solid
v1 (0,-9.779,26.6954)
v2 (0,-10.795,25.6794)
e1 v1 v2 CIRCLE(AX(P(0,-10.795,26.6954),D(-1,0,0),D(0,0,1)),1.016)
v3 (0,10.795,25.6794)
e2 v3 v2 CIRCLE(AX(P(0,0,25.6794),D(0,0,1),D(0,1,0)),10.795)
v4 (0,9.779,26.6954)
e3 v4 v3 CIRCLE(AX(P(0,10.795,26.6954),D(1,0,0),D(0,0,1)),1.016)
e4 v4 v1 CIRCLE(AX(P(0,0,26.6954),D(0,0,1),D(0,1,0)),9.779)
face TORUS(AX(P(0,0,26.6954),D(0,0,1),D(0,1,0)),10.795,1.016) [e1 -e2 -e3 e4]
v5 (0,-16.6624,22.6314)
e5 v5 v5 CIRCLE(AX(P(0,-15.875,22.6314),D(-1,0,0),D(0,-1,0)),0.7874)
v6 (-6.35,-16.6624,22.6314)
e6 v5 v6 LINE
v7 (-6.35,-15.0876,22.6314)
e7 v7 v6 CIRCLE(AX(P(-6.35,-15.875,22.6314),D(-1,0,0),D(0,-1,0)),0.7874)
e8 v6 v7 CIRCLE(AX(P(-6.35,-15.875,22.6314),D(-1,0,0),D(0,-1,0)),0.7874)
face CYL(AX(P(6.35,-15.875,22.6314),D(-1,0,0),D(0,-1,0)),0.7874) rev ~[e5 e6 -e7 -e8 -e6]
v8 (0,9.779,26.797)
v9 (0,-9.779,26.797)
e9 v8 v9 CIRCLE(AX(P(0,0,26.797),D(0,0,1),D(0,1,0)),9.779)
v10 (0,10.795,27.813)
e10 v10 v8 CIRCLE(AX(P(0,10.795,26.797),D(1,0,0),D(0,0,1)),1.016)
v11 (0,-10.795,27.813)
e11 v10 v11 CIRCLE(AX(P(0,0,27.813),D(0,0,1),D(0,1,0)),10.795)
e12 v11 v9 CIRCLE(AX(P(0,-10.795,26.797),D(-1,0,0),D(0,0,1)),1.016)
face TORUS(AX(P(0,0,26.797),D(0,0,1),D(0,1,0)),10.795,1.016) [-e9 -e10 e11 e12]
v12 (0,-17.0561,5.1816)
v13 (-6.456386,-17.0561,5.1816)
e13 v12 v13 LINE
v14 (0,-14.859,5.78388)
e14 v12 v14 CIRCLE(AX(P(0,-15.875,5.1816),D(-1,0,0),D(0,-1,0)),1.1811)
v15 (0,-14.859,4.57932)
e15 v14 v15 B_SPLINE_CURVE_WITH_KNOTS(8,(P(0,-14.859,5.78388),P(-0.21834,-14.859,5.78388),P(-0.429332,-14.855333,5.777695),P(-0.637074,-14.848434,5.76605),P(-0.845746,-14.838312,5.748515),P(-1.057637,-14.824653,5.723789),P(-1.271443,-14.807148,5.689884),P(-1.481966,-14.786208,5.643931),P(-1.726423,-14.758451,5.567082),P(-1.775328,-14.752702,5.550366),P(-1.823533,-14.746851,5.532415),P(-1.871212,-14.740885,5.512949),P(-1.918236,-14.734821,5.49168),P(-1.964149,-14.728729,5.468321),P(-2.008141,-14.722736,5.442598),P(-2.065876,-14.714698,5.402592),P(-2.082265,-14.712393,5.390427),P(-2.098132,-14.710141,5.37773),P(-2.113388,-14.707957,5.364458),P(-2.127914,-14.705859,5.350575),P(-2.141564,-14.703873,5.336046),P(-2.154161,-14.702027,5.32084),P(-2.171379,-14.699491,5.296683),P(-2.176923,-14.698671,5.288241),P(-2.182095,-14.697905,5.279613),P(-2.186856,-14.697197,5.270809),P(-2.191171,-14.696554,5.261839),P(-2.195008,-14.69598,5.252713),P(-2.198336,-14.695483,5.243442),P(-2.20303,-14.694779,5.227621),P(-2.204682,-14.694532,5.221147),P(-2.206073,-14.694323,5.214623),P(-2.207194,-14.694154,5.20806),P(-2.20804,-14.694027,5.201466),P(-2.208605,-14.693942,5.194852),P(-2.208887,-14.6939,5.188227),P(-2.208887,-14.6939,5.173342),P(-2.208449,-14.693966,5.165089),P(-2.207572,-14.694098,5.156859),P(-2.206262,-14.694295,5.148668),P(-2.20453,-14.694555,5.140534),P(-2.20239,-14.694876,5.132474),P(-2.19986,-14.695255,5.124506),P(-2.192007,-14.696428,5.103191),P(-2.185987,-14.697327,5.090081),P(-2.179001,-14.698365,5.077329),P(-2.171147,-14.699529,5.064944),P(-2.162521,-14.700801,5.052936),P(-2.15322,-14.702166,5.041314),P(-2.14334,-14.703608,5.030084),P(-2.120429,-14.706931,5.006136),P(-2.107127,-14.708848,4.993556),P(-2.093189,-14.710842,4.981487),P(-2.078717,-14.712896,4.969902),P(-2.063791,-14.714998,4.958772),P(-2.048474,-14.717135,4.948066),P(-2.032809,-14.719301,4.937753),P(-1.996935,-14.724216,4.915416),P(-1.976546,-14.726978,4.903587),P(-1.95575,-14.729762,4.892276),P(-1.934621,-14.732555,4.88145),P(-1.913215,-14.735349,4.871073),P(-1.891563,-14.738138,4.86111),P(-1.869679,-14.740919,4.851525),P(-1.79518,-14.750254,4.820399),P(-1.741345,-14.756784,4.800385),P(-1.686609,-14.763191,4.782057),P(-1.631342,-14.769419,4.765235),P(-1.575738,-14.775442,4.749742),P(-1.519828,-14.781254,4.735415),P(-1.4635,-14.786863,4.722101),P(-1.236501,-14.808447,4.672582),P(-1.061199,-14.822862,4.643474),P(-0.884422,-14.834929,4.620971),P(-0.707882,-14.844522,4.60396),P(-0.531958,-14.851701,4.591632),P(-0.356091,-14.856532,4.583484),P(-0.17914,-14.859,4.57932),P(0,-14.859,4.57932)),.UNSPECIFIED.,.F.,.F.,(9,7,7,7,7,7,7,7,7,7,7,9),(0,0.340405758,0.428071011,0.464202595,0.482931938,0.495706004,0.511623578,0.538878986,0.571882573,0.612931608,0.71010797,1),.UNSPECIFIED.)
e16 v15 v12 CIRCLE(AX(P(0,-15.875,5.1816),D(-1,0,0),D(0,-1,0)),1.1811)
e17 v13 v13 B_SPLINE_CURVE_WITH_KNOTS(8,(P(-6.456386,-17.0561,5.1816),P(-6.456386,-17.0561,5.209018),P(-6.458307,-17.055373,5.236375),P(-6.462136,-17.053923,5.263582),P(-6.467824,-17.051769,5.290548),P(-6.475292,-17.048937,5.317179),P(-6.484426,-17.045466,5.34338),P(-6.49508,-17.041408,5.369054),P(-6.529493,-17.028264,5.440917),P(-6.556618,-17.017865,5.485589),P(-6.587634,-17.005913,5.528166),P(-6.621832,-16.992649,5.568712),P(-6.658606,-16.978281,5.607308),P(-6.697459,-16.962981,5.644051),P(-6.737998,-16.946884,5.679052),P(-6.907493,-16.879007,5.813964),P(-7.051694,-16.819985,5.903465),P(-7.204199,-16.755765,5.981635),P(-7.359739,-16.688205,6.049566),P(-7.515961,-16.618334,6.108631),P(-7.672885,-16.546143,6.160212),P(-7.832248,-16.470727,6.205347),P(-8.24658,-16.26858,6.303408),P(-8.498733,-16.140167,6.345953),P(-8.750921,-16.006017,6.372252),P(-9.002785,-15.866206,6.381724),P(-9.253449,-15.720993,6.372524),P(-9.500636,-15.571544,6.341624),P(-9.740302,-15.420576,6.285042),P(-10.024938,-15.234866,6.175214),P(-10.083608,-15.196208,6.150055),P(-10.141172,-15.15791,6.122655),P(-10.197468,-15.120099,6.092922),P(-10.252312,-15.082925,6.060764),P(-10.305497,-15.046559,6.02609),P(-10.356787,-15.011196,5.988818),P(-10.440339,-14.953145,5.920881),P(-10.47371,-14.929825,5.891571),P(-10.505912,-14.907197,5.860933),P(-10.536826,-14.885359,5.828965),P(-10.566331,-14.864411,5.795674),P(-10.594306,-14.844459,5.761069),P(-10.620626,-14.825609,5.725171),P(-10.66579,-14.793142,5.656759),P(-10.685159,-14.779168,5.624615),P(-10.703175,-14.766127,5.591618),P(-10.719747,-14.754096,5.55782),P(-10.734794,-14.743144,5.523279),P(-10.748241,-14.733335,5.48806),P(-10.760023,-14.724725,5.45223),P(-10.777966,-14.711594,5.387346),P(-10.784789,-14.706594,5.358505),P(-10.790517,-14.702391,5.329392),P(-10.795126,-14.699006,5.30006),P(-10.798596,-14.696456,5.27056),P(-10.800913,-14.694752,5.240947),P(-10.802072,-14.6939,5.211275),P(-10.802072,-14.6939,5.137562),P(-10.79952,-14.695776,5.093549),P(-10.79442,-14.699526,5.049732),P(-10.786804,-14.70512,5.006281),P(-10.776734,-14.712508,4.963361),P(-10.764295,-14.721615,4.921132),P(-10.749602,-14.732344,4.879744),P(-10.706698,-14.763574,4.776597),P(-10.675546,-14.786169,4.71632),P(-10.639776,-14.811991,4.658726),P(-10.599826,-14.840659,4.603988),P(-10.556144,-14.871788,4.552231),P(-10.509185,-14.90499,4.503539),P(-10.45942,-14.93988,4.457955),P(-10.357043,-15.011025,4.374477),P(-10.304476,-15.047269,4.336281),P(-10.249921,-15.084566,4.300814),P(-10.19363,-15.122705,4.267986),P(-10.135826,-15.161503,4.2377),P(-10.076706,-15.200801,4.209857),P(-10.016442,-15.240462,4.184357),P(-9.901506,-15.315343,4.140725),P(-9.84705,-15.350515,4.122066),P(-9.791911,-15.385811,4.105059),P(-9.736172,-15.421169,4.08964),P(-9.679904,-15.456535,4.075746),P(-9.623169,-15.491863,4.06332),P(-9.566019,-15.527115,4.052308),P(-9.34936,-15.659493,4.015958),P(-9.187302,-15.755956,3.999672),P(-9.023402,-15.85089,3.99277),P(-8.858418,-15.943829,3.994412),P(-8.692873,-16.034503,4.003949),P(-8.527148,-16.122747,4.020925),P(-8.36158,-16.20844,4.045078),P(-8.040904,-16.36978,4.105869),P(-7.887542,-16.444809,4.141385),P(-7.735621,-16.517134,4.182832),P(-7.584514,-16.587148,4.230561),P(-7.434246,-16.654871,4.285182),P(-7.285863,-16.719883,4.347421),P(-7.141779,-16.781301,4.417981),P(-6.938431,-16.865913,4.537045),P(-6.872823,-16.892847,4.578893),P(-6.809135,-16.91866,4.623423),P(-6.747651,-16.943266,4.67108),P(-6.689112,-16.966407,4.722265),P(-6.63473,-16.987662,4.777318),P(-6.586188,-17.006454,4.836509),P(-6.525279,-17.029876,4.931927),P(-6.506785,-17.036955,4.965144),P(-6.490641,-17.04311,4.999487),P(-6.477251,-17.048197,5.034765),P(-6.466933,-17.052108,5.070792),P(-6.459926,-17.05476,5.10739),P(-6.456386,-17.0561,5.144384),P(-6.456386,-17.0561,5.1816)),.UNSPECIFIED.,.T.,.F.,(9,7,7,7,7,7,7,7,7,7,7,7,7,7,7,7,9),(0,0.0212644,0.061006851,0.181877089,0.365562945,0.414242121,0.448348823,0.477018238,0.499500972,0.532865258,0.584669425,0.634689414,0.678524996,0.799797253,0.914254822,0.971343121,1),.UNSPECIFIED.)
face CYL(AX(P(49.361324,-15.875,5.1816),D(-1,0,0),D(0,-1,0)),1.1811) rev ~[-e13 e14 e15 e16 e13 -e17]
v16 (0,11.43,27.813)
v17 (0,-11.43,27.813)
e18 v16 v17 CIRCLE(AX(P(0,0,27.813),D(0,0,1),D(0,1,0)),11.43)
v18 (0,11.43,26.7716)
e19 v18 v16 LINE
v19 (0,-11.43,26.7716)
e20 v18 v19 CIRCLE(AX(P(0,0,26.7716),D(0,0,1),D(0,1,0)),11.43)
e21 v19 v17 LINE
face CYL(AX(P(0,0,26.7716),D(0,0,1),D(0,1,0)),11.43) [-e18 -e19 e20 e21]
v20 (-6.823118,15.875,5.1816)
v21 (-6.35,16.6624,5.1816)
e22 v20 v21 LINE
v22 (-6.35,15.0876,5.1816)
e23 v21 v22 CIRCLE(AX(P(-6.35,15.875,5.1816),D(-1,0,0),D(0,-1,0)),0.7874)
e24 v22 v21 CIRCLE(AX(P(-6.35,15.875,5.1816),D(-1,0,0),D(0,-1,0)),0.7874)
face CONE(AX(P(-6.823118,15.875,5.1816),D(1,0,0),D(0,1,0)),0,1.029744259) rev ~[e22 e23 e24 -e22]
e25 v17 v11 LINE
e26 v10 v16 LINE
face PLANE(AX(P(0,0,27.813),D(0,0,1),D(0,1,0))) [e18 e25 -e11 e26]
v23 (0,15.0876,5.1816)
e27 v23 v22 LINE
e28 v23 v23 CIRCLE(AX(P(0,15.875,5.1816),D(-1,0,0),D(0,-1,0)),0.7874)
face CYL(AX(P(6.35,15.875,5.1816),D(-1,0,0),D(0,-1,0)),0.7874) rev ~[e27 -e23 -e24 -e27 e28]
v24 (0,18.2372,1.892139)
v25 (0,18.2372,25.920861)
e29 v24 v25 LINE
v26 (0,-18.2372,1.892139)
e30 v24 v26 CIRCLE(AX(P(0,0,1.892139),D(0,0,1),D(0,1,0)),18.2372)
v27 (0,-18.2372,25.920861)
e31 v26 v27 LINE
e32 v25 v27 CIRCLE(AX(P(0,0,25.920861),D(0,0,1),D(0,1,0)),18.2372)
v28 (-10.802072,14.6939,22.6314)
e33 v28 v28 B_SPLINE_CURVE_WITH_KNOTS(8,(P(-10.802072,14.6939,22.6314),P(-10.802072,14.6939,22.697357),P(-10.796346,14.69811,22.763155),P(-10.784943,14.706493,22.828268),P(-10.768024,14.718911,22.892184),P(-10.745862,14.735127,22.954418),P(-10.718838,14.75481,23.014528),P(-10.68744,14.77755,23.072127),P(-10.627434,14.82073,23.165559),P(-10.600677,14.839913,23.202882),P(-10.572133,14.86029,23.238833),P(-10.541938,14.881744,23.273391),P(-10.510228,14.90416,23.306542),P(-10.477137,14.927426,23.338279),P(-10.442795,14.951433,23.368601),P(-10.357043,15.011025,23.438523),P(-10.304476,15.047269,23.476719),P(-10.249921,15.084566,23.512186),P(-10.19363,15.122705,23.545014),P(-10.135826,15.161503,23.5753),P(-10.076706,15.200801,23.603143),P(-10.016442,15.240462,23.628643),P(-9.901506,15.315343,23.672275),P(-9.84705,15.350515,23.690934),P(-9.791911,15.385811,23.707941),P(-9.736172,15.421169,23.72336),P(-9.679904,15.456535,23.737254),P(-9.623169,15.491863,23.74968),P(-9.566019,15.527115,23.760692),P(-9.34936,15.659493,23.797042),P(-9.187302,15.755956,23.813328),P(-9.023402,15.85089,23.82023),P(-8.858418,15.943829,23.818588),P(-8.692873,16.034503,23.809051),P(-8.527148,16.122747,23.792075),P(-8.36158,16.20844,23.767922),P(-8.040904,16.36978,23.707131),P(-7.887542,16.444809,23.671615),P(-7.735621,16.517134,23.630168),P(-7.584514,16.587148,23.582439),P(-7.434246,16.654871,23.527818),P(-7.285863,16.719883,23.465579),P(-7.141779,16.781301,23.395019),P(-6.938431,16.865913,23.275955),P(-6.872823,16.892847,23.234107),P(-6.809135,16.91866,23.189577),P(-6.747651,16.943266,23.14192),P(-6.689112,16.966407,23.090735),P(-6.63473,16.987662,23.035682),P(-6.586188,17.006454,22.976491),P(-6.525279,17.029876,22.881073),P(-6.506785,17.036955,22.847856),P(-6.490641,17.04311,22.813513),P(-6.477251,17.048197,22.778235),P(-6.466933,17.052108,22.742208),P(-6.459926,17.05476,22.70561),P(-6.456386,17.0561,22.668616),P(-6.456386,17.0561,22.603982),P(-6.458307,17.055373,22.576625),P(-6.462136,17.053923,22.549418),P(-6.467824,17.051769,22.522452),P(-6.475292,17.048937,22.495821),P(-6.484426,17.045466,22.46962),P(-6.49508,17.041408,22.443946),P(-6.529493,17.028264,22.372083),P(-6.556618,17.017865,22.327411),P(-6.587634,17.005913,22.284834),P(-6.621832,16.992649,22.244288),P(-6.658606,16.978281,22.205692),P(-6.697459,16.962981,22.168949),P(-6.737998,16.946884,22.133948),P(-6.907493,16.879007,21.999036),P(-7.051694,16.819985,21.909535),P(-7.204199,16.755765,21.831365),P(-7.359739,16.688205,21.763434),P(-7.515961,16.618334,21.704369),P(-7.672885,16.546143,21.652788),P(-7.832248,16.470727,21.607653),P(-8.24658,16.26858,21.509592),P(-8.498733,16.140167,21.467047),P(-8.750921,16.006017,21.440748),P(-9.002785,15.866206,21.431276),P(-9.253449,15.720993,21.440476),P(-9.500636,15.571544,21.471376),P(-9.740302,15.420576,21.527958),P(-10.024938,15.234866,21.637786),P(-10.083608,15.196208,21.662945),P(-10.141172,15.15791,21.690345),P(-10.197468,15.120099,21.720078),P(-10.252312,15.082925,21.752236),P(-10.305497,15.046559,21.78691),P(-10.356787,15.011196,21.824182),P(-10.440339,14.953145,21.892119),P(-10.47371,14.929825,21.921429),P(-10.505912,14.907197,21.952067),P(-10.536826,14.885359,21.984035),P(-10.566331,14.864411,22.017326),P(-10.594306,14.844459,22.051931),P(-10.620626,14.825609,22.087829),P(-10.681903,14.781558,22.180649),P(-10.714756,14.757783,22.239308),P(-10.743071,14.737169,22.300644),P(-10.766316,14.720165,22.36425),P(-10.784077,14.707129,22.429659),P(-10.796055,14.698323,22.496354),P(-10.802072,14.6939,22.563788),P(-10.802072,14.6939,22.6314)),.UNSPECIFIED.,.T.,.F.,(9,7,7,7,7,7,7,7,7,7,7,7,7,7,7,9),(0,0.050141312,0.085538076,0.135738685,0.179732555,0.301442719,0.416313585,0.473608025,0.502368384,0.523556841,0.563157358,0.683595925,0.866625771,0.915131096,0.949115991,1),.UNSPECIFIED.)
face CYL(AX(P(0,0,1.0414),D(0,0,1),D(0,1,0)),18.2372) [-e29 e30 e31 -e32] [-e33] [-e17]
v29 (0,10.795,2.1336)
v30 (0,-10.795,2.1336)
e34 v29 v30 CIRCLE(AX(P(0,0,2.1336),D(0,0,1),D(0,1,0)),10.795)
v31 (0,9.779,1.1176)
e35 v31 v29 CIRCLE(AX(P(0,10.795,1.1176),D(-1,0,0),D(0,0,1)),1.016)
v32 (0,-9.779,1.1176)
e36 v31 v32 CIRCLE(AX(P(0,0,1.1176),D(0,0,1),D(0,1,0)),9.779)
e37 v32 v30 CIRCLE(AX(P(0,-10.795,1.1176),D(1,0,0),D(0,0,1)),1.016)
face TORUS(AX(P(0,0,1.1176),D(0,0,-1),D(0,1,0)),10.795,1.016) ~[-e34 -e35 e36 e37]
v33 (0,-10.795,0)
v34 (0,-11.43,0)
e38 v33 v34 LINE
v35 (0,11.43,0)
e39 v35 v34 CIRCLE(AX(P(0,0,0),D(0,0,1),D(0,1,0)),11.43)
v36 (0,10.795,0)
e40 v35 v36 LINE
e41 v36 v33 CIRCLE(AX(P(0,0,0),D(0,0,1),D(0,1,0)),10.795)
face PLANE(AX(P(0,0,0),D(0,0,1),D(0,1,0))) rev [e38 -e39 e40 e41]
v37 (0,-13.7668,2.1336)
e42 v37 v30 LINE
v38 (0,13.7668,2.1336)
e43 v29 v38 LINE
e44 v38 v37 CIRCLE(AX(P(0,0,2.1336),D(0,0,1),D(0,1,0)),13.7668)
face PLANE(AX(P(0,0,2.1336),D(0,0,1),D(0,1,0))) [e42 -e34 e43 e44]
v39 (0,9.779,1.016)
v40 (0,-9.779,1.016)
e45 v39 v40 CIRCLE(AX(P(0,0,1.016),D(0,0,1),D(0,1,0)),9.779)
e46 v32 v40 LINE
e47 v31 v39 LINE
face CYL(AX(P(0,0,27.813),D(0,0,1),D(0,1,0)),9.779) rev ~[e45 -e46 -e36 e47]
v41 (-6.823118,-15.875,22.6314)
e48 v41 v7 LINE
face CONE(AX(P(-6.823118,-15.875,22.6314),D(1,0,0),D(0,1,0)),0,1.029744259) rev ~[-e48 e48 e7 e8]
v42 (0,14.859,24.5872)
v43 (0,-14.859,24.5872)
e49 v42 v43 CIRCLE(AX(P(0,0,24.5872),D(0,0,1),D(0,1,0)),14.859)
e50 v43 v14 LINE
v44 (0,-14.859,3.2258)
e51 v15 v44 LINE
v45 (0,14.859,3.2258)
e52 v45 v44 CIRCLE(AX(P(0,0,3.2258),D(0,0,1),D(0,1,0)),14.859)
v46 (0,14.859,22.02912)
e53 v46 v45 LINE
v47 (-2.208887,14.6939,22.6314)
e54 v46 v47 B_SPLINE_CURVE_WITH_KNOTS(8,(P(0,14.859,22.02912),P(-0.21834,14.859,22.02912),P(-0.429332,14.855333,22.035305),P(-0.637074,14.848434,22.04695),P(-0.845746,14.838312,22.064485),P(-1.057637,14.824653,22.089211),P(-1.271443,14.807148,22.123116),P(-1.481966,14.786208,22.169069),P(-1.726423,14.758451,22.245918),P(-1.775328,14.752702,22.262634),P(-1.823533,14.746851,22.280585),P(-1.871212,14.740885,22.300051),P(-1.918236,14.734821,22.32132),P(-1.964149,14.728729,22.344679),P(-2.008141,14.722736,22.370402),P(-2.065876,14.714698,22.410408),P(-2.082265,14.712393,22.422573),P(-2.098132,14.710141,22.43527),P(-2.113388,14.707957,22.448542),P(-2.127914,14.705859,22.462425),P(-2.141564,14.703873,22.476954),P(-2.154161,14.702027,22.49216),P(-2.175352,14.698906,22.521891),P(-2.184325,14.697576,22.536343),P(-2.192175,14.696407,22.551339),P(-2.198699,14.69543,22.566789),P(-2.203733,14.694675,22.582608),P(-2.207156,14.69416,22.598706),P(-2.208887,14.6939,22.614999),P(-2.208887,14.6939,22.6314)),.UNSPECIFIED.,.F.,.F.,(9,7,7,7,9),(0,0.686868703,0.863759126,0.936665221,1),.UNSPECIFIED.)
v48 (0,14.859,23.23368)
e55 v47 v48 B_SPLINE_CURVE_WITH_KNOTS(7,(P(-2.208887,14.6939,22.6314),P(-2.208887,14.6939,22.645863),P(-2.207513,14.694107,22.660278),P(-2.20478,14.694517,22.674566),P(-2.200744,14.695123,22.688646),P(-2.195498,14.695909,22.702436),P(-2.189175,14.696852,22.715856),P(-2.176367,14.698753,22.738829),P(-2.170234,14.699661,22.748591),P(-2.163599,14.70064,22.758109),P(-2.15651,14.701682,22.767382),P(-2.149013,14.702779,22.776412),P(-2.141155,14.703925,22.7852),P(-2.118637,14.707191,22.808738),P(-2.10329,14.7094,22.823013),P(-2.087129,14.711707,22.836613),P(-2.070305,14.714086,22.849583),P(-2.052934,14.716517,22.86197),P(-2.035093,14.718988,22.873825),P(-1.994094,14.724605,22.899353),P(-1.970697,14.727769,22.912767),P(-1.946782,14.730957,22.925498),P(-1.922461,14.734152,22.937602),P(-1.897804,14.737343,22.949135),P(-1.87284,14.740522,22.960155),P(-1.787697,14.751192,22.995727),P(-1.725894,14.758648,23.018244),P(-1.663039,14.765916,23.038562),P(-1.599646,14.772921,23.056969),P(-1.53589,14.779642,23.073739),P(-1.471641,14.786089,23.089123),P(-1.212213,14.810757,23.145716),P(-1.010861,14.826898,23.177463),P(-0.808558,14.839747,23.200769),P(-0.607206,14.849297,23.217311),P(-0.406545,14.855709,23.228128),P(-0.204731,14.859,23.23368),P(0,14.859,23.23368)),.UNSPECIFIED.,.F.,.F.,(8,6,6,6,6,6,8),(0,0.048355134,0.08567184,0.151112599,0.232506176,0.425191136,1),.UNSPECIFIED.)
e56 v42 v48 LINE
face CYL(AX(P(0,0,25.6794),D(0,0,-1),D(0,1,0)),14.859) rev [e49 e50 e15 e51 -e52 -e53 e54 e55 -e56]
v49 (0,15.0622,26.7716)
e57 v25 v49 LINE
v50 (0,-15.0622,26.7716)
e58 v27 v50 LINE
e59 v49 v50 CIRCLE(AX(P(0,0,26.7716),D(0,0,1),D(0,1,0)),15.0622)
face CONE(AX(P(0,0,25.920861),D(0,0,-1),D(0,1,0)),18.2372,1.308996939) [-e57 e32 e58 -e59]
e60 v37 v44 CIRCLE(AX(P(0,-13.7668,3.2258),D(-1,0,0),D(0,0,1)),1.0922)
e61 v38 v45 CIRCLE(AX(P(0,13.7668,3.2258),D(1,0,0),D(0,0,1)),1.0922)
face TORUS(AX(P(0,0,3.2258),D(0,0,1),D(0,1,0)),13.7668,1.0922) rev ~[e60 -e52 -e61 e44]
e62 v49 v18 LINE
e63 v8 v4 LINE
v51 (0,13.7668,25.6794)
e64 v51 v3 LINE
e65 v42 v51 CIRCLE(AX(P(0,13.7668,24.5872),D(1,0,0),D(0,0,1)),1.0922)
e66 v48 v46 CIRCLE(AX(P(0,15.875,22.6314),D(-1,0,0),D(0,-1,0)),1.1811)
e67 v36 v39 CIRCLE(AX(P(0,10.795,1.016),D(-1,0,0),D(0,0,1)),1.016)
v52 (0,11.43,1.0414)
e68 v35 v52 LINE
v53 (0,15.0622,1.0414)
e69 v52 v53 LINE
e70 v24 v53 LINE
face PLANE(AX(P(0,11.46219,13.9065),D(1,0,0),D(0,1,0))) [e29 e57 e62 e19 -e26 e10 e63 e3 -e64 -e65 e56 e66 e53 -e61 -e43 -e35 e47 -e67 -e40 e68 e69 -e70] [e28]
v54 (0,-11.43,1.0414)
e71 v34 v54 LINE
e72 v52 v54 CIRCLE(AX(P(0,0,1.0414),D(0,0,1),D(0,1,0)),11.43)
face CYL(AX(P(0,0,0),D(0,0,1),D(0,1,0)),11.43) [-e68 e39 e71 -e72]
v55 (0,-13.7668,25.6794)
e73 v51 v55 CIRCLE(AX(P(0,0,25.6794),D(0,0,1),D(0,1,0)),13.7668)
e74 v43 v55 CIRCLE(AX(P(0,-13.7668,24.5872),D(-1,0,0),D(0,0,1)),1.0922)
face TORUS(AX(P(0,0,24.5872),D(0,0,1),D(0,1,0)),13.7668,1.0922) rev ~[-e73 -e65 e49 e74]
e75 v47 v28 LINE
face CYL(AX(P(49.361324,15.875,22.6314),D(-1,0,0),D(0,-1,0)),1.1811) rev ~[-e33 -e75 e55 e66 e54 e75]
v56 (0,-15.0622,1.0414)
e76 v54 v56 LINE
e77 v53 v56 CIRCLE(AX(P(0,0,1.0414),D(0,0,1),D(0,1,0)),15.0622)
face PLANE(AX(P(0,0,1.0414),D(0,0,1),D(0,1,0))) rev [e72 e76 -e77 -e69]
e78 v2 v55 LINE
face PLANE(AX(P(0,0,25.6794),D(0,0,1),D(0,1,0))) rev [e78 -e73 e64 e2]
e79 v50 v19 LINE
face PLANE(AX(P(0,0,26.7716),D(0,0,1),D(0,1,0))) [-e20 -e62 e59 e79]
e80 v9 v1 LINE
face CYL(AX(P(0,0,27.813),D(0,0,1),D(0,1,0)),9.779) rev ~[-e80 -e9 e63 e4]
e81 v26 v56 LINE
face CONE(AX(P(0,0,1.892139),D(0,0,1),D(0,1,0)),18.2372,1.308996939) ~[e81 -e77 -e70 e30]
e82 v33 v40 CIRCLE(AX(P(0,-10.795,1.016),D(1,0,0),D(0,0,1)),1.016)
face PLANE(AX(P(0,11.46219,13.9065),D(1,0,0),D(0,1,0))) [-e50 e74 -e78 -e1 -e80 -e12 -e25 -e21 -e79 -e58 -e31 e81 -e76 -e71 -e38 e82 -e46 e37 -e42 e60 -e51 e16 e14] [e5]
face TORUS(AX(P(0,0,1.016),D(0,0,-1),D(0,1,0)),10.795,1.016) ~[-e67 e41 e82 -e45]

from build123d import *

# Parameters (mm, degrees)
F1_ANGLE = 180
F3_DEPTH = 27.813
F4_R     = 1.016
F5_R     = 1.0922
F7_D     = 2.3622
F8_D     = 1.5748
F8_DEPTH = 6.35
F8_TIP   = 0.4731176514
F9_SIZE2 = 3.175
F9_SIZE  = 0.850738686


with BuildPart() as f1:
    # F0 (on Right) → F1 (revolve)
    with BuildSketch(Plane.YZ):
        Polygon((0, 2.1336), (0, 0), (11.43, 0), (11.43, 1.0414), (18.2372, 1.0414), (18.2372, 26.7716), (11.43, 26.7716), (11.43, 27.813), (0, 27.813), (0, 25.6794), (14.859, 25.6794), (14.859, 2.1336), align=None)
    revolve(axis=Axis((0, 0, 26.7462), (0, 0, 1)), revolution_arc=F1_ANGLE)

    # F2 (on face) → F3 (cut)
    with BuildSketch(Plane.XY.offset(27.813)):
        with BuildLine():
            ThreePointArc((0, -9.779), (6.9147972132, -6.9147972132), (9.779, 0))
            ThreePointArc((9.779, 0), (6.9147972132, 6.9147972132), (0, 9.779))
            Line((0, 9.779), (0, -9.779))
        make_face()
        with BuildLine():
            Line((0, -9.779), (0, 9.779))
            ThreePointArc((0, 9.779), (-9.779, 0), (0, -9.779))
        make_face()
    extrude(amount=-F3_DEPTH, mode=Mode.SUBTRACT)

    # F4
    f4_edges = [f1.edges().sort_by_distance(p)[0] for p in [
        (-9.779, 0, 27.813),
        (-9.779, 0, 25.6794),
        (-9.779, 0, 2.1336),
        (-9.779, 0, 0),
    ]]
    fillet(f4_edges, radius=F4_R)

    # F5
    f5_edges = [f1.edges().sort_by_distance(p)[0] for p in [
        (-14.859, 0, 25.6794),
        (-14.859, 0, 2.1336),
    ]]
    fillet(f5_edges, radius=F5_R)

    # F7 (through all)
    with Locations(Plane.YZ):
        with Locations((15.875, 22.6314), (-15.875, 5.1816)):
            Hole(F7_D / 2)

    # F8
    with Locations(Plane.YZ):
        with Locations((15.875, 5.1816), (-15.875, 22.6314)):
            Hole(F8_D / 2, depth=F8_DEPTH)
            with Locations((0, 0, -(F8_DEPTH + F8_TIP / 2))):  # 118° drill point
                Cone(0, F8_D / 2, F8_TIP, mode=Mode.SUBTRACT)

    # F9
    f9_edges = [f1.edges().sort_by_distance(p)[0] for p in [
        (-18.2372, 0, 1.0414),
        (-18.2372, 0, 26.7716),
    ]]
    f9_side = f1.faces().sort_by_distance((-18.2372, 0, 13.9065))[0]
    chamfer(f9_edges, length=F9_SIZE, length2=F9_SIZE2, reference=f9_side)


solid = f1.part
